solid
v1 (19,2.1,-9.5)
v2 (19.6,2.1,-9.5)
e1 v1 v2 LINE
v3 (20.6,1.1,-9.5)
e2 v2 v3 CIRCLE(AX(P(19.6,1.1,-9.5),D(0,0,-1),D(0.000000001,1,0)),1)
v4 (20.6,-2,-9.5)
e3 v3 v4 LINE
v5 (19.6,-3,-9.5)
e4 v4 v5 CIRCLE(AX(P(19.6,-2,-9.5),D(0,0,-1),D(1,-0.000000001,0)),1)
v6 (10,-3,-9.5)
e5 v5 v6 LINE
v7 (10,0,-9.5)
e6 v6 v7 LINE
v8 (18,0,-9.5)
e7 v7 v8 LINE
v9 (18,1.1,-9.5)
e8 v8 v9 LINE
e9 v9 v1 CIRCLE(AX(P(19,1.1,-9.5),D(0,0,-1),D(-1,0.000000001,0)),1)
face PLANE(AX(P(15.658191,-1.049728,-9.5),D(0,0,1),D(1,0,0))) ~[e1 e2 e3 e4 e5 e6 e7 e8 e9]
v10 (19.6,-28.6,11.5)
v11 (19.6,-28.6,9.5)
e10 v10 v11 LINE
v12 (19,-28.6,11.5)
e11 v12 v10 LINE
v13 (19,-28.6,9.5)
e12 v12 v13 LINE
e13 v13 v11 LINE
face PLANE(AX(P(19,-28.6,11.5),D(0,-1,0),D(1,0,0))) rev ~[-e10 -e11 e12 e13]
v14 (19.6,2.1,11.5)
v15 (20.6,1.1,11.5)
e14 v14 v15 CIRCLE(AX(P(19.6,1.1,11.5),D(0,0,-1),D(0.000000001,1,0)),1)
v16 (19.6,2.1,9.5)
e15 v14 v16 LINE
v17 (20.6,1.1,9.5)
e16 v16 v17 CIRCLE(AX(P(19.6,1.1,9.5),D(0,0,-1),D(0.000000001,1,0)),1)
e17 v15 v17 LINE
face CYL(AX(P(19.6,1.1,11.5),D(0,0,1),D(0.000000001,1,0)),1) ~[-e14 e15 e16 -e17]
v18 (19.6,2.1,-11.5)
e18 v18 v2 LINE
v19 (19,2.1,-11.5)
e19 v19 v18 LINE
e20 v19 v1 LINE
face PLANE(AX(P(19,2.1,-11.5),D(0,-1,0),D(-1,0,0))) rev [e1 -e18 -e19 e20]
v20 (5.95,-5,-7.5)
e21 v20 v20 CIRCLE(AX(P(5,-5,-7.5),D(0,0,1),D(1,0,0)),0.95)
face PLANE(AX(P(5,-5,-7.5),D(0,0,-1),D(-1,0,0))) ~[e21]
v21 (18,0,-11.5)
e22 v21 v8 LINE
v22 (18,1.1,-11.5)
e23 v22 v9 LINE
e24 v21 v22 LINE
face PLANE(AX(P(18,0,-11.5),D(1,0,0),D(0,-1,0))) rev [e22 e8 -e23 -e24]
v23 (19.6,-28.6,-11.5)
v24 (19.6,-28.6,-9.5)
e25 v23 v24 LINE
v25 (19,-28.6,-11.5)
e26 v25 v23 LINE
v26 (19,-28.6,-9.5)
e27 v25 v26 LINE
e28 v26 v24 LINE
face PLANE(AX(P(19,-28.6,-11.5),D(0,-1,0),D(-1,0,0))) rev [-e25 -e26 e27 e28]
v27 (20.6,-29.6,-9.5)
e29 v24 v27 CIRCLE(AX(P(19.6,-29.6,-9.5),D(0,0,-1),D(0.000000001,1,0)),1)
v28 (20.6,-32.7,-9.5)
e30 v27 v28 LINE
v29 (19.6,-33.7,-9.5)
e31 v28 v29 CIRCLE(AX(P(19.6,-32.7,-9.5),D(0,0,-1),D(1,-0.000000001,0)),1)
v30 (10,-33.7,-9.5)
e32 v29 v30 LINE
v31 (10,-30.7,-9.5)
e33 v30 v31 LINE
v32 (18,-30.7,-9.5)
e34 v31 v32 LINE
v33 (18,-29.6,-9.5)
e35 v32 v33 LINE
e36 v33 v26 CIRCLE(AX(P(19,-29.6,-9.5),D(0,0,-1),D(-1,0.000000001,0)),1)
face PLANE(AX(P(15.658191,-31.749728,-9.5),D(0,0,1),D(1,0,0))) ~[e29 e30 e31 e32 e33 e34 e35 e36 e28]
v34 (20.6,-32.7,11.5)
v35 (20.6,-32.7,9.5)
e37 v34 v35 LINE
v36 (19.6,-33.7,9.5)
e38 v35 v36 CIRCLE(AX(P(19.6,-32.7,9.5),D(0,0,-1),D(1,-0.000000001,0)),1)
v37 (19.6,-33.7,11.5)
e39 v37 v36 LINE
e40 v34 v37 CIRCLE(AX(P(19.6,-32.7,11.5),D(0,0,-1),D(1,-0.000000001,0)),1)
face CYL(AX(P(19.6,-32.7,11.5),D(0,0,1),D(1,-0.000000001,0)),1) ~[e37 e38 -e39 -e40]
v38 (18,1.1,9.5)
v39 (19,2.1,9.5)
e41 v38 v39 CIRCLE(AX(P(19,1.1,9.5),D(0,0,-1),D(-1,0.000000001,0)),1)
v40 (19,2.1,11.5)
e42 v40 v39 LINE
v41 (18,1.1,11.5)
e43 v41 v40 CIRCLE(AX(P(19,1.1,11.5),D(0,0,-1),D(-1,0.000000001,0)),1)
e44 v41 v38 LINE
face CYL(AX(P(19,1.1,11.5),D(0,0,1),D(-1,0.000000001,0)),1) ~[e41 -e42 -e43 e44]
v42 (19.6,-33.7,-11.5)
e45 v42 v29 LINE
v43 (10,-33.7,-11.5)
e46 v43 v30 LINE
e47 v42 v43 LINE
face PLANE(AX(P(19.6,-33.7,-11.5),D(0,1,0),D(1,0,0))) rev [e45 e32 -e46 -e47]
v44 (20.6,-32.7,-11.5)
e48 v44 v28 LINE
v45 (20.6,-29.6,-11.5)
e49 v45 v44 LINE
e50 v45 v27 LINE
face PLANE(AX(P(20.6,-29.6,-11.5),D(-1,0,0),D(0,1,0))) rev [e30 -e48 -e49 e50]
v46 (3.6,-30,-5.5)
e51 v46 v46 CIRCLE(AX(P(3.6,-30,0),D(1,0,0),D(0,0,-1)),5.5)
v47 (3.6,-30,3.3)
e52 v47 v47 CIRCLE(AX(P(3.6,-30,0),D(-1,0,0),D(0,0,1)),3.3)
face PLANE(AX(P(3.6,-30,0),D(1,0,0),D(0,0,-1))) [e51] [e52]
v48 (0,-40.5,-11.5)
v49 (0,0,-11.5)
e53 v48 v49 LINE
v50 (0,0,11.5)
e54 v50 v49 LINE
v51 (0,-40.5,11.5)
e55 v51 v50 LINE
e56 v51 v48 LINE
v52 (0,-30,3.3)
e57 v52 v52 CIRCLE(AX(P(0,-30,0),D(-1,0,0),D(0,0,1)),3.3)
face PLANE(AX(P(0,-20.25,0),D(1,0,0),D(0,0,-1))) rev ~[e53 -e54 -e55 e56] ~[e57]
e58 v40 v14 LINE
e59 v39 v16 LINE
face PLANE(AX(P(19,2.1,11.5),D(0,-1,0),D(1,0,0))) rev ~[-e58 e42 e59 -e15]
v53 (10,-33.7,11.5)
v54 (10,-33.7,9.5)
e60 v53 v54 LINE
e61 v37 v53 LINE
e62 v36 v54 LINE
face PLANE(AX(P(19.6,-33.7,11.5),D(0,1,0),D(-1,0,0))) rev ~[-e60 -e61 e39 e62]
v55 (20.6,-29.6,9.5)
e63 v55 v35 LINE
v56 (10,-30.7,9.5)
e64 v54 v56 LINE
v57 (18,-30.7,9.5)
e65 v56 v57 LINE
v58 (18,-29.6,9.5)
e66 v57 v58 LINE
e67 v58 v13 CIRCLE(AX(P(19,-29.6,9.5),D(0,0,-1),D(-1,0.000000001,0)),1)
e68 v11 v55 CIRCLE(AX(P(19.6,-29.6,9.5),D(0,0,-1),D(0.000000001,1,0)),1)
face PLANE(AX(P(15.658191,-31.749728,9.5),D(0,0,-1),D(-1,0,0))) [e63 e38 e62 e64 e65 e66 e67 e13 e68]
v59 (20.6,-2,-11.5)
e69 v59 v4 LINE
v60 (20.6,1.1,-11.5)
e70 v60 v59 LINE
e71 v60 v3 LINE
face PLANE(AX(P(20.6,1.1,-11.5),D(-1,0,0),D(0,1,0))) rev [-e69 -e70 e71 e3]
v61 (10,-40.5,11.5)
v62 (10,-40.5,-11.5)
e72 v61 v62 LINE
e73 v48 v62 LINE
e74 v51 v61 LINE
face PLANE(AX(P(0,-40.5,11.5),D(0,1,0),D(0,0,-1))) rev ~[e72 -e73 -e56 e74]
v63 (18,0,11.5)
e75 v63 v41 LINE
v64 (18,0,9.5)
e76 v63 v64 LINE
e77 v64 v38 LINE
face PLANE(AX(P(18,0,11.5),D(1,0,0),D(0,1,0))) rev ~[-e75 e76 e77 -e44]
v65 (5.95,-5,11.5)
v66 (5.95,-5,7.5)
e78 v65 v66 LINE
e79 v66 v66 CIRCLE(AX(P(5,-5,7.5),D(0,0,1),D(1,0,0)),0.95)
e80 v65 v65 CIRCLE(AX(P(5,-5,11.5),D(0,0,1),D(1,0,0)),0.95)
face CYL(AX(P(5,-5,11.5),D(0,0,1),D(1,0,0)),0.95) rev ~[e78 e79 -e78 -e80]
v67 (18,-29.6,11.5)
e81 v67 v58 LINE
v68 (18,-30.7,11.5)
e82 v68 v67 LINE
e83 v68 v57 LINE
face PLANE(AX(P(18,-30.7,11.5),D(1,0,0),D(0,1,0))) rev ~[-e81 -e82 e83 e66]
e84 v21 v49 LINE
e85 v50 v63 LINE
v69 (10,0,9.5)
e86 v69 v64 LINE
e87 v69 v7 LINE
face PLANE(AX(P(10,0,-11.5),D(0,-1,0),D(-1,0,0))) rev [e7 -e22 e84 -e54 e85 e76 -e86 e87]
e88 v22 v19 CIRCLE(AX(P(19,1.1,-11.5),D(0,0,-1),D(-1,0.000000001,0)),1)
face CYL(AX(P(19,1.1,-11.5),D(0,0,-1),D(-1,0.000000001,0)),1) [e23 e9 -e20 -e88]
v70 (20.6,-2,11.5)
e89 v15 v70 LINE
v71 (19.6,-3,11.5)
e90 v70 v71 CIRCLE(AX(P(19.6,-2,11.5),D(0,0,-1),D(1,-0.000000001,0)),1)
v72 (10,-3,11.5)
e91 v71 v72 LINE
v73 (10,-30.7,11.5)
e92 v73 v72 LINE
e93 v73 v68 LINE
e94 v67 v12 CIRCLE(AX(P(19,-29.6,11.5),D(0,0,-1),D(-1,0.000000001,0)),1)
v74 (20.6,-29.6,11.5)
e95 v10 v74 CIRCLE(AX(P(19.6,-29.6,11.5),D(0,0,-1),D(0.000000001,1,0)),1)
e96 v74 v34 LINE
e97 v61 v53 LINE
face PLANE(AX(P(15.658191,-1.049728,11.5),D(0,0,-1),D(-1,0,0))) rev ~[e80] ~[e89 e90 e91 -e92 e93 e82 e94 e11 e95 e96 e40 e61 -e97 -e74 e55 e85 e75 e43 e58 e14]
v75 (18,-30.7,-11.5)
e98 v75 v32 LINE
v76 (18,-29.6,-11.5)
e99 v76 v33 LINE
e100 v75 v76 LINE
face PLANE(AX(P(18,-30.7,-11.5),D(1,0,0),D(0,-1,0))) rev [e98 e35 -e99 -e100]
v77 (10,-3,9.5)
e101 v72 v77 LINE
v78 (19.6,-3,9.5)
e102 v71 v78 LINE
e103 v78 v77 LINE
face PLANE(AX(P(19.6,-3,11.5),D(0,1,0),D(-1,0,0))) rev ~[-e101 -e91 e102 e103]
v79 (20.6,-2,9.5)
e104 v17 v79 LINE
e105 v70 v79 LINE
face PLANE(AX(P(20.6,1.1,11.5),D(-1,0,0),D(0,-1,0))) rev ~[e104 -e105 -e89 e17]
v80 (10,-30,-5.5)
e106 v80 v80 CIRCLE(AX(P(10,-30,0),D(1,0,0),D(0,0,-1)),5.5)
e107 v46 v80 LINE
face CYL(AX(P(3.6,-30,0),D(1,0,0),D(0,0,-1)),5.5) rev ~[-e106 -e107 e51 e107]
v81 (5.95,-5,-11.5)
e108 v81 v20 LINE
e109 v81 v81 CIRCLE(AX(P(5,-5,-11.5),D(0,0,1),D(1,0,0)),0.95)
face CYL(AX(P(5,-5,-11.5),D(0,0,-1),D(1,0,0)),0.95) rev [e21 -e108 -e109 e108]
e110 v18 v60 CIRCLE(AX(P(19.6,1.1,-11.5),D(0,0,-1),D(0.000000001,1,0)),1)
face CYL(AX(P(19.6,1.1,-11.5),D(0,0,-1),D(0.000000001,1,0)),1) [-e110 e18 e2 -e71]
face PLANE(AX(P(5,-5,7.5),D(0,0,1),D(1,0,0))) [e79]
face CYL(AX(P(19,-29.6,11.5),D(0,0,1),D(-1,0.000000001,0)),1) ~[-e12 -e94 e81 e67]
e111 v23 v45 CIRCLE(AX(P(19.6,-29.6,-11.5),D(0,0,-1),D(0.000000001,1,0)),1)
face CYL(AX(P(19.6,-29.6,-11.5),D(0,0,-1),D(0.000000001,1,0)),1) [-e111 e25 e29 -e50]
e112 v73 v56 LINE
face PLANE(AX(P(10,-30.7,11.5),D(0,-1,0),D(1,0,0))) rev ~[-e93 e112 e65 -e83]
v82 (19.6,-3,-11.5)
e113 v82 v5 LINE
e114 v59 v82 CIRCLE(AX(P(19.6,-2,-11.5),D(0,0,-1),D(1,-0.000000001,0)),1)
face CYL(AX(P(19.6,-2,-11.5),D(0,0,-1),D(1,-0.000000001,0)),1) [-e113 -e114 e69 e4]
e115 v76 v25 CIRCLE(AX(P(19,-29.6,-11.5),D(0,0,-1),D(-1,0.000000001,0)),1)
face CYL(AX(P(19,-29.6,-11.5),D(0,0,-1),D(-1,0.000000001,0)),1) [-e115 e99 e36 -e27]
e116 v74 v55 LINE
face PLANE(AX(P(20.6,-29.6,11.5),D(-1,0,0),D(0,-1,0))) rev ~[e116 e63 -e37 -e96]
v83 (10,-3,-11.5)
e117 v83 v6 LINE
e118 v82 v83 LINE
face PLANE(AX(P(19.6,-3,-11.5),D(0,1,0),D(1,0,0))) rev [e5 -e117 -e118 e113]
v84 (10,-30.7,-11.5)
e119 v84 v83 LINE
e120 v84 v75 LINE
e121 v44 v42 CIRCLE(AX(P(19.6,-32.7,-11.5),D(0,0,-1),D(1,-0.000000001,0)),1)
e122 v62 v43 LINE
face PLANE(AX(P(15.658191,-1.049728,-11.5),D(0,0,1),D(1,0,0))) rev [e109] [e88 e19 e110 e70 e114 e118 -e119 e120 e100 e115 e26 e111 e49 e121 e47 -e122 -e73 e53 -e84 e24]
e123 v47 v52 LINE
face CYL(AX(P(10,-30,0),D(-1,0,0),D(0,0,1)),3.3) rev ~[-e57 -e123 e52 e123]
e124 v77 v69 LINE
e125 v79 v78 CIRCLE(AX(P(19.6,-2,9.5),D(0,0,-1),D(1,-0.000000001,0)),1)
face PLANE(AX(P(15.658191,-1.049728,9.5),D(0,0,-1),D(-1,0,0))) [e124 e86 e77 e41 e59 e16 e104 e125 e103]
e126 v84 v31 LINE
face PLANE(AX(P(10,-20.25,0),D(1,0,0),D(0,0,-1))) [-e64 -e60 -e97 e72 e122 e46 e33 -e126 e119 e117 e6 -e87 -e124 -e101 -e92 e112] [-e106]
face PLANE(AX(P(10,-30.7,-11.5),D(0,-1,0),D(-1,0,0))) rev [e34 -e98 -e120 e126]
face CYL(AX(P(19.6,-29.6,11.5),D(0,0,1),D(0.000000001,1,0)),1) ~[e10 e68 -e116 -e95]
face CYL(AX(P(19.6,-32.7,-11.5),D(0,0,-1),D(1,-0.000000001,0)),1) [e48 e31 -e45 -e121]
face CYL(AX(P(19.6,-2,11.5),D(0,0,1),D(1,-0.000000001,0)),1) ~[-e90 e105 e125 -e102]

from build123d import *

# Parameters (mm, degrees)
SKETCH1_W                                         = 23
SKETCH1_H                                         = 40.5
BOSS_EXTRUDE1_DEPTH                               = 10
CHAMBRAGE_POUR_VIS_SIX_PANS_CREUX_M61_D           = 6.6
CHAMBRAGE_POUR_VIS_SIX_PANS_CREUX_M61_CBORE_D     = 11
CHAMBRAGE_POUR_VIS_SIX_PANS_CREUX_M61_CBORE_DEPTH = 6.4
BOSS_EXTRUDE2_DEPTH                               = 2
ESQUISSE5_R                                       = 0.95
ENL_V_MAT_EXTRU_1_DEPTH                           = 4


with BuildPart() as part:
    # Sketch1 → Boss-Extrude1 (new body)
    with BuildSketch(Plane(origin=(0, 0, 0), x_dir=(0, 0, -1), z_dir=(1, 0, 0))):
        with Locations((0, -20.25)):
            Rectangle(SKETCH1_W, SKETCH1_H)
    extrude(amount=BOSS_EXTRUDE1_DEPTH)

    # Chambrage pour vis à six pans creux M61 (through all)
    with Locations(Plane(origin=(10, 0, 0), x_dir=(0, 0, -1), z_dir=(1, 0, 0))):
        with Locations((0, -30)):
            CounterBoreHole(CHAMBRAGE_POUR_VIS_SIX_PANS_CREUX_M61_D / 2, CHAMBRAGE_POUR_VIS_SIX_PANS_CREUX_M61_CBORE_D / 2, CHAMBRAGE_POUR_VIS_SIX_PANS_CREUX_M61_CBORE_DEPTH)

    # Sketch4 → Boss-Extrude2 (add)
    with BuildSketch(Plane.XY.offset(11.5)):
        with BuildLine():
            Line((10, 0), (18, 0))
            Line((18, 0), (18, 1.1))
            ThreePointArc((18, 1.1), (18.292893219, 1.807106781), (19, 2.1))
            Line((19, 2.1), (19.6, 2.1))
            ThreePointArc((19.6, 2.1), (20.307106781, 1.807106781), (20.6, 1.1))
            Line((20.6, 1.1), (20.6, -2))
            ThreePointArc((20.6, -2), (20.307106781, -2.707106781), (19.6, -3))
            Line((19.6, -3), (10, -3))
            Line((10, -3), (10, 0))
        make_face()
        with BuildLine():
            Line((10, -30.7), (18, -30.7))
            Line((18, -30.7), (18, -29.6))
            ThreePointArc((18, -29.6), (18.292893219, -28.892893219), (19, -28.6))
            Line((19, -28.6), (19.6, -28.6))
            ThreePointArc((19.6, -28.6), (20.307106781, -28.892893219), (20.6, -29.6))
            Line((20.6, -29.6), (20.6, -32.7))
            ThreePointArc((20.6, -32.7), (20.307106781, -33.407106781), (19.6, -33.7))
            Line((19.6, -33.7), (10, -33.7))
            Line((10, -33.7), (10, -30.7))
        make_face()
    boss_extrude2 = extrude(amount=-BOSS_EXTRUDE2_DEPTH)

    # Mirror1: Boss-Extrude2 across plane
    add(boss_extrude2.mirror(Plane.XY))

    # Esquisse5 → Enlèv. mat.-Extru.1 (cut)
    with BuildSketch(Plane.XY.offset(11.5)):
        with Locations((5, -5)):
            Circle(ESQUISSE5_R)
    enl_v_mat_extru_1 = extrude(amount=-ENL_V_MAT_EXTRU_1_DEPTH, mode=Mode.SUBTRACT)

    # Symétrie1: Enlèv. mat.-Extru.1 across plane
    add(enl_v_mat_extru_1.mirror(Plane.XY), mode=Mode.SUBTRACT)


solid = part.part
